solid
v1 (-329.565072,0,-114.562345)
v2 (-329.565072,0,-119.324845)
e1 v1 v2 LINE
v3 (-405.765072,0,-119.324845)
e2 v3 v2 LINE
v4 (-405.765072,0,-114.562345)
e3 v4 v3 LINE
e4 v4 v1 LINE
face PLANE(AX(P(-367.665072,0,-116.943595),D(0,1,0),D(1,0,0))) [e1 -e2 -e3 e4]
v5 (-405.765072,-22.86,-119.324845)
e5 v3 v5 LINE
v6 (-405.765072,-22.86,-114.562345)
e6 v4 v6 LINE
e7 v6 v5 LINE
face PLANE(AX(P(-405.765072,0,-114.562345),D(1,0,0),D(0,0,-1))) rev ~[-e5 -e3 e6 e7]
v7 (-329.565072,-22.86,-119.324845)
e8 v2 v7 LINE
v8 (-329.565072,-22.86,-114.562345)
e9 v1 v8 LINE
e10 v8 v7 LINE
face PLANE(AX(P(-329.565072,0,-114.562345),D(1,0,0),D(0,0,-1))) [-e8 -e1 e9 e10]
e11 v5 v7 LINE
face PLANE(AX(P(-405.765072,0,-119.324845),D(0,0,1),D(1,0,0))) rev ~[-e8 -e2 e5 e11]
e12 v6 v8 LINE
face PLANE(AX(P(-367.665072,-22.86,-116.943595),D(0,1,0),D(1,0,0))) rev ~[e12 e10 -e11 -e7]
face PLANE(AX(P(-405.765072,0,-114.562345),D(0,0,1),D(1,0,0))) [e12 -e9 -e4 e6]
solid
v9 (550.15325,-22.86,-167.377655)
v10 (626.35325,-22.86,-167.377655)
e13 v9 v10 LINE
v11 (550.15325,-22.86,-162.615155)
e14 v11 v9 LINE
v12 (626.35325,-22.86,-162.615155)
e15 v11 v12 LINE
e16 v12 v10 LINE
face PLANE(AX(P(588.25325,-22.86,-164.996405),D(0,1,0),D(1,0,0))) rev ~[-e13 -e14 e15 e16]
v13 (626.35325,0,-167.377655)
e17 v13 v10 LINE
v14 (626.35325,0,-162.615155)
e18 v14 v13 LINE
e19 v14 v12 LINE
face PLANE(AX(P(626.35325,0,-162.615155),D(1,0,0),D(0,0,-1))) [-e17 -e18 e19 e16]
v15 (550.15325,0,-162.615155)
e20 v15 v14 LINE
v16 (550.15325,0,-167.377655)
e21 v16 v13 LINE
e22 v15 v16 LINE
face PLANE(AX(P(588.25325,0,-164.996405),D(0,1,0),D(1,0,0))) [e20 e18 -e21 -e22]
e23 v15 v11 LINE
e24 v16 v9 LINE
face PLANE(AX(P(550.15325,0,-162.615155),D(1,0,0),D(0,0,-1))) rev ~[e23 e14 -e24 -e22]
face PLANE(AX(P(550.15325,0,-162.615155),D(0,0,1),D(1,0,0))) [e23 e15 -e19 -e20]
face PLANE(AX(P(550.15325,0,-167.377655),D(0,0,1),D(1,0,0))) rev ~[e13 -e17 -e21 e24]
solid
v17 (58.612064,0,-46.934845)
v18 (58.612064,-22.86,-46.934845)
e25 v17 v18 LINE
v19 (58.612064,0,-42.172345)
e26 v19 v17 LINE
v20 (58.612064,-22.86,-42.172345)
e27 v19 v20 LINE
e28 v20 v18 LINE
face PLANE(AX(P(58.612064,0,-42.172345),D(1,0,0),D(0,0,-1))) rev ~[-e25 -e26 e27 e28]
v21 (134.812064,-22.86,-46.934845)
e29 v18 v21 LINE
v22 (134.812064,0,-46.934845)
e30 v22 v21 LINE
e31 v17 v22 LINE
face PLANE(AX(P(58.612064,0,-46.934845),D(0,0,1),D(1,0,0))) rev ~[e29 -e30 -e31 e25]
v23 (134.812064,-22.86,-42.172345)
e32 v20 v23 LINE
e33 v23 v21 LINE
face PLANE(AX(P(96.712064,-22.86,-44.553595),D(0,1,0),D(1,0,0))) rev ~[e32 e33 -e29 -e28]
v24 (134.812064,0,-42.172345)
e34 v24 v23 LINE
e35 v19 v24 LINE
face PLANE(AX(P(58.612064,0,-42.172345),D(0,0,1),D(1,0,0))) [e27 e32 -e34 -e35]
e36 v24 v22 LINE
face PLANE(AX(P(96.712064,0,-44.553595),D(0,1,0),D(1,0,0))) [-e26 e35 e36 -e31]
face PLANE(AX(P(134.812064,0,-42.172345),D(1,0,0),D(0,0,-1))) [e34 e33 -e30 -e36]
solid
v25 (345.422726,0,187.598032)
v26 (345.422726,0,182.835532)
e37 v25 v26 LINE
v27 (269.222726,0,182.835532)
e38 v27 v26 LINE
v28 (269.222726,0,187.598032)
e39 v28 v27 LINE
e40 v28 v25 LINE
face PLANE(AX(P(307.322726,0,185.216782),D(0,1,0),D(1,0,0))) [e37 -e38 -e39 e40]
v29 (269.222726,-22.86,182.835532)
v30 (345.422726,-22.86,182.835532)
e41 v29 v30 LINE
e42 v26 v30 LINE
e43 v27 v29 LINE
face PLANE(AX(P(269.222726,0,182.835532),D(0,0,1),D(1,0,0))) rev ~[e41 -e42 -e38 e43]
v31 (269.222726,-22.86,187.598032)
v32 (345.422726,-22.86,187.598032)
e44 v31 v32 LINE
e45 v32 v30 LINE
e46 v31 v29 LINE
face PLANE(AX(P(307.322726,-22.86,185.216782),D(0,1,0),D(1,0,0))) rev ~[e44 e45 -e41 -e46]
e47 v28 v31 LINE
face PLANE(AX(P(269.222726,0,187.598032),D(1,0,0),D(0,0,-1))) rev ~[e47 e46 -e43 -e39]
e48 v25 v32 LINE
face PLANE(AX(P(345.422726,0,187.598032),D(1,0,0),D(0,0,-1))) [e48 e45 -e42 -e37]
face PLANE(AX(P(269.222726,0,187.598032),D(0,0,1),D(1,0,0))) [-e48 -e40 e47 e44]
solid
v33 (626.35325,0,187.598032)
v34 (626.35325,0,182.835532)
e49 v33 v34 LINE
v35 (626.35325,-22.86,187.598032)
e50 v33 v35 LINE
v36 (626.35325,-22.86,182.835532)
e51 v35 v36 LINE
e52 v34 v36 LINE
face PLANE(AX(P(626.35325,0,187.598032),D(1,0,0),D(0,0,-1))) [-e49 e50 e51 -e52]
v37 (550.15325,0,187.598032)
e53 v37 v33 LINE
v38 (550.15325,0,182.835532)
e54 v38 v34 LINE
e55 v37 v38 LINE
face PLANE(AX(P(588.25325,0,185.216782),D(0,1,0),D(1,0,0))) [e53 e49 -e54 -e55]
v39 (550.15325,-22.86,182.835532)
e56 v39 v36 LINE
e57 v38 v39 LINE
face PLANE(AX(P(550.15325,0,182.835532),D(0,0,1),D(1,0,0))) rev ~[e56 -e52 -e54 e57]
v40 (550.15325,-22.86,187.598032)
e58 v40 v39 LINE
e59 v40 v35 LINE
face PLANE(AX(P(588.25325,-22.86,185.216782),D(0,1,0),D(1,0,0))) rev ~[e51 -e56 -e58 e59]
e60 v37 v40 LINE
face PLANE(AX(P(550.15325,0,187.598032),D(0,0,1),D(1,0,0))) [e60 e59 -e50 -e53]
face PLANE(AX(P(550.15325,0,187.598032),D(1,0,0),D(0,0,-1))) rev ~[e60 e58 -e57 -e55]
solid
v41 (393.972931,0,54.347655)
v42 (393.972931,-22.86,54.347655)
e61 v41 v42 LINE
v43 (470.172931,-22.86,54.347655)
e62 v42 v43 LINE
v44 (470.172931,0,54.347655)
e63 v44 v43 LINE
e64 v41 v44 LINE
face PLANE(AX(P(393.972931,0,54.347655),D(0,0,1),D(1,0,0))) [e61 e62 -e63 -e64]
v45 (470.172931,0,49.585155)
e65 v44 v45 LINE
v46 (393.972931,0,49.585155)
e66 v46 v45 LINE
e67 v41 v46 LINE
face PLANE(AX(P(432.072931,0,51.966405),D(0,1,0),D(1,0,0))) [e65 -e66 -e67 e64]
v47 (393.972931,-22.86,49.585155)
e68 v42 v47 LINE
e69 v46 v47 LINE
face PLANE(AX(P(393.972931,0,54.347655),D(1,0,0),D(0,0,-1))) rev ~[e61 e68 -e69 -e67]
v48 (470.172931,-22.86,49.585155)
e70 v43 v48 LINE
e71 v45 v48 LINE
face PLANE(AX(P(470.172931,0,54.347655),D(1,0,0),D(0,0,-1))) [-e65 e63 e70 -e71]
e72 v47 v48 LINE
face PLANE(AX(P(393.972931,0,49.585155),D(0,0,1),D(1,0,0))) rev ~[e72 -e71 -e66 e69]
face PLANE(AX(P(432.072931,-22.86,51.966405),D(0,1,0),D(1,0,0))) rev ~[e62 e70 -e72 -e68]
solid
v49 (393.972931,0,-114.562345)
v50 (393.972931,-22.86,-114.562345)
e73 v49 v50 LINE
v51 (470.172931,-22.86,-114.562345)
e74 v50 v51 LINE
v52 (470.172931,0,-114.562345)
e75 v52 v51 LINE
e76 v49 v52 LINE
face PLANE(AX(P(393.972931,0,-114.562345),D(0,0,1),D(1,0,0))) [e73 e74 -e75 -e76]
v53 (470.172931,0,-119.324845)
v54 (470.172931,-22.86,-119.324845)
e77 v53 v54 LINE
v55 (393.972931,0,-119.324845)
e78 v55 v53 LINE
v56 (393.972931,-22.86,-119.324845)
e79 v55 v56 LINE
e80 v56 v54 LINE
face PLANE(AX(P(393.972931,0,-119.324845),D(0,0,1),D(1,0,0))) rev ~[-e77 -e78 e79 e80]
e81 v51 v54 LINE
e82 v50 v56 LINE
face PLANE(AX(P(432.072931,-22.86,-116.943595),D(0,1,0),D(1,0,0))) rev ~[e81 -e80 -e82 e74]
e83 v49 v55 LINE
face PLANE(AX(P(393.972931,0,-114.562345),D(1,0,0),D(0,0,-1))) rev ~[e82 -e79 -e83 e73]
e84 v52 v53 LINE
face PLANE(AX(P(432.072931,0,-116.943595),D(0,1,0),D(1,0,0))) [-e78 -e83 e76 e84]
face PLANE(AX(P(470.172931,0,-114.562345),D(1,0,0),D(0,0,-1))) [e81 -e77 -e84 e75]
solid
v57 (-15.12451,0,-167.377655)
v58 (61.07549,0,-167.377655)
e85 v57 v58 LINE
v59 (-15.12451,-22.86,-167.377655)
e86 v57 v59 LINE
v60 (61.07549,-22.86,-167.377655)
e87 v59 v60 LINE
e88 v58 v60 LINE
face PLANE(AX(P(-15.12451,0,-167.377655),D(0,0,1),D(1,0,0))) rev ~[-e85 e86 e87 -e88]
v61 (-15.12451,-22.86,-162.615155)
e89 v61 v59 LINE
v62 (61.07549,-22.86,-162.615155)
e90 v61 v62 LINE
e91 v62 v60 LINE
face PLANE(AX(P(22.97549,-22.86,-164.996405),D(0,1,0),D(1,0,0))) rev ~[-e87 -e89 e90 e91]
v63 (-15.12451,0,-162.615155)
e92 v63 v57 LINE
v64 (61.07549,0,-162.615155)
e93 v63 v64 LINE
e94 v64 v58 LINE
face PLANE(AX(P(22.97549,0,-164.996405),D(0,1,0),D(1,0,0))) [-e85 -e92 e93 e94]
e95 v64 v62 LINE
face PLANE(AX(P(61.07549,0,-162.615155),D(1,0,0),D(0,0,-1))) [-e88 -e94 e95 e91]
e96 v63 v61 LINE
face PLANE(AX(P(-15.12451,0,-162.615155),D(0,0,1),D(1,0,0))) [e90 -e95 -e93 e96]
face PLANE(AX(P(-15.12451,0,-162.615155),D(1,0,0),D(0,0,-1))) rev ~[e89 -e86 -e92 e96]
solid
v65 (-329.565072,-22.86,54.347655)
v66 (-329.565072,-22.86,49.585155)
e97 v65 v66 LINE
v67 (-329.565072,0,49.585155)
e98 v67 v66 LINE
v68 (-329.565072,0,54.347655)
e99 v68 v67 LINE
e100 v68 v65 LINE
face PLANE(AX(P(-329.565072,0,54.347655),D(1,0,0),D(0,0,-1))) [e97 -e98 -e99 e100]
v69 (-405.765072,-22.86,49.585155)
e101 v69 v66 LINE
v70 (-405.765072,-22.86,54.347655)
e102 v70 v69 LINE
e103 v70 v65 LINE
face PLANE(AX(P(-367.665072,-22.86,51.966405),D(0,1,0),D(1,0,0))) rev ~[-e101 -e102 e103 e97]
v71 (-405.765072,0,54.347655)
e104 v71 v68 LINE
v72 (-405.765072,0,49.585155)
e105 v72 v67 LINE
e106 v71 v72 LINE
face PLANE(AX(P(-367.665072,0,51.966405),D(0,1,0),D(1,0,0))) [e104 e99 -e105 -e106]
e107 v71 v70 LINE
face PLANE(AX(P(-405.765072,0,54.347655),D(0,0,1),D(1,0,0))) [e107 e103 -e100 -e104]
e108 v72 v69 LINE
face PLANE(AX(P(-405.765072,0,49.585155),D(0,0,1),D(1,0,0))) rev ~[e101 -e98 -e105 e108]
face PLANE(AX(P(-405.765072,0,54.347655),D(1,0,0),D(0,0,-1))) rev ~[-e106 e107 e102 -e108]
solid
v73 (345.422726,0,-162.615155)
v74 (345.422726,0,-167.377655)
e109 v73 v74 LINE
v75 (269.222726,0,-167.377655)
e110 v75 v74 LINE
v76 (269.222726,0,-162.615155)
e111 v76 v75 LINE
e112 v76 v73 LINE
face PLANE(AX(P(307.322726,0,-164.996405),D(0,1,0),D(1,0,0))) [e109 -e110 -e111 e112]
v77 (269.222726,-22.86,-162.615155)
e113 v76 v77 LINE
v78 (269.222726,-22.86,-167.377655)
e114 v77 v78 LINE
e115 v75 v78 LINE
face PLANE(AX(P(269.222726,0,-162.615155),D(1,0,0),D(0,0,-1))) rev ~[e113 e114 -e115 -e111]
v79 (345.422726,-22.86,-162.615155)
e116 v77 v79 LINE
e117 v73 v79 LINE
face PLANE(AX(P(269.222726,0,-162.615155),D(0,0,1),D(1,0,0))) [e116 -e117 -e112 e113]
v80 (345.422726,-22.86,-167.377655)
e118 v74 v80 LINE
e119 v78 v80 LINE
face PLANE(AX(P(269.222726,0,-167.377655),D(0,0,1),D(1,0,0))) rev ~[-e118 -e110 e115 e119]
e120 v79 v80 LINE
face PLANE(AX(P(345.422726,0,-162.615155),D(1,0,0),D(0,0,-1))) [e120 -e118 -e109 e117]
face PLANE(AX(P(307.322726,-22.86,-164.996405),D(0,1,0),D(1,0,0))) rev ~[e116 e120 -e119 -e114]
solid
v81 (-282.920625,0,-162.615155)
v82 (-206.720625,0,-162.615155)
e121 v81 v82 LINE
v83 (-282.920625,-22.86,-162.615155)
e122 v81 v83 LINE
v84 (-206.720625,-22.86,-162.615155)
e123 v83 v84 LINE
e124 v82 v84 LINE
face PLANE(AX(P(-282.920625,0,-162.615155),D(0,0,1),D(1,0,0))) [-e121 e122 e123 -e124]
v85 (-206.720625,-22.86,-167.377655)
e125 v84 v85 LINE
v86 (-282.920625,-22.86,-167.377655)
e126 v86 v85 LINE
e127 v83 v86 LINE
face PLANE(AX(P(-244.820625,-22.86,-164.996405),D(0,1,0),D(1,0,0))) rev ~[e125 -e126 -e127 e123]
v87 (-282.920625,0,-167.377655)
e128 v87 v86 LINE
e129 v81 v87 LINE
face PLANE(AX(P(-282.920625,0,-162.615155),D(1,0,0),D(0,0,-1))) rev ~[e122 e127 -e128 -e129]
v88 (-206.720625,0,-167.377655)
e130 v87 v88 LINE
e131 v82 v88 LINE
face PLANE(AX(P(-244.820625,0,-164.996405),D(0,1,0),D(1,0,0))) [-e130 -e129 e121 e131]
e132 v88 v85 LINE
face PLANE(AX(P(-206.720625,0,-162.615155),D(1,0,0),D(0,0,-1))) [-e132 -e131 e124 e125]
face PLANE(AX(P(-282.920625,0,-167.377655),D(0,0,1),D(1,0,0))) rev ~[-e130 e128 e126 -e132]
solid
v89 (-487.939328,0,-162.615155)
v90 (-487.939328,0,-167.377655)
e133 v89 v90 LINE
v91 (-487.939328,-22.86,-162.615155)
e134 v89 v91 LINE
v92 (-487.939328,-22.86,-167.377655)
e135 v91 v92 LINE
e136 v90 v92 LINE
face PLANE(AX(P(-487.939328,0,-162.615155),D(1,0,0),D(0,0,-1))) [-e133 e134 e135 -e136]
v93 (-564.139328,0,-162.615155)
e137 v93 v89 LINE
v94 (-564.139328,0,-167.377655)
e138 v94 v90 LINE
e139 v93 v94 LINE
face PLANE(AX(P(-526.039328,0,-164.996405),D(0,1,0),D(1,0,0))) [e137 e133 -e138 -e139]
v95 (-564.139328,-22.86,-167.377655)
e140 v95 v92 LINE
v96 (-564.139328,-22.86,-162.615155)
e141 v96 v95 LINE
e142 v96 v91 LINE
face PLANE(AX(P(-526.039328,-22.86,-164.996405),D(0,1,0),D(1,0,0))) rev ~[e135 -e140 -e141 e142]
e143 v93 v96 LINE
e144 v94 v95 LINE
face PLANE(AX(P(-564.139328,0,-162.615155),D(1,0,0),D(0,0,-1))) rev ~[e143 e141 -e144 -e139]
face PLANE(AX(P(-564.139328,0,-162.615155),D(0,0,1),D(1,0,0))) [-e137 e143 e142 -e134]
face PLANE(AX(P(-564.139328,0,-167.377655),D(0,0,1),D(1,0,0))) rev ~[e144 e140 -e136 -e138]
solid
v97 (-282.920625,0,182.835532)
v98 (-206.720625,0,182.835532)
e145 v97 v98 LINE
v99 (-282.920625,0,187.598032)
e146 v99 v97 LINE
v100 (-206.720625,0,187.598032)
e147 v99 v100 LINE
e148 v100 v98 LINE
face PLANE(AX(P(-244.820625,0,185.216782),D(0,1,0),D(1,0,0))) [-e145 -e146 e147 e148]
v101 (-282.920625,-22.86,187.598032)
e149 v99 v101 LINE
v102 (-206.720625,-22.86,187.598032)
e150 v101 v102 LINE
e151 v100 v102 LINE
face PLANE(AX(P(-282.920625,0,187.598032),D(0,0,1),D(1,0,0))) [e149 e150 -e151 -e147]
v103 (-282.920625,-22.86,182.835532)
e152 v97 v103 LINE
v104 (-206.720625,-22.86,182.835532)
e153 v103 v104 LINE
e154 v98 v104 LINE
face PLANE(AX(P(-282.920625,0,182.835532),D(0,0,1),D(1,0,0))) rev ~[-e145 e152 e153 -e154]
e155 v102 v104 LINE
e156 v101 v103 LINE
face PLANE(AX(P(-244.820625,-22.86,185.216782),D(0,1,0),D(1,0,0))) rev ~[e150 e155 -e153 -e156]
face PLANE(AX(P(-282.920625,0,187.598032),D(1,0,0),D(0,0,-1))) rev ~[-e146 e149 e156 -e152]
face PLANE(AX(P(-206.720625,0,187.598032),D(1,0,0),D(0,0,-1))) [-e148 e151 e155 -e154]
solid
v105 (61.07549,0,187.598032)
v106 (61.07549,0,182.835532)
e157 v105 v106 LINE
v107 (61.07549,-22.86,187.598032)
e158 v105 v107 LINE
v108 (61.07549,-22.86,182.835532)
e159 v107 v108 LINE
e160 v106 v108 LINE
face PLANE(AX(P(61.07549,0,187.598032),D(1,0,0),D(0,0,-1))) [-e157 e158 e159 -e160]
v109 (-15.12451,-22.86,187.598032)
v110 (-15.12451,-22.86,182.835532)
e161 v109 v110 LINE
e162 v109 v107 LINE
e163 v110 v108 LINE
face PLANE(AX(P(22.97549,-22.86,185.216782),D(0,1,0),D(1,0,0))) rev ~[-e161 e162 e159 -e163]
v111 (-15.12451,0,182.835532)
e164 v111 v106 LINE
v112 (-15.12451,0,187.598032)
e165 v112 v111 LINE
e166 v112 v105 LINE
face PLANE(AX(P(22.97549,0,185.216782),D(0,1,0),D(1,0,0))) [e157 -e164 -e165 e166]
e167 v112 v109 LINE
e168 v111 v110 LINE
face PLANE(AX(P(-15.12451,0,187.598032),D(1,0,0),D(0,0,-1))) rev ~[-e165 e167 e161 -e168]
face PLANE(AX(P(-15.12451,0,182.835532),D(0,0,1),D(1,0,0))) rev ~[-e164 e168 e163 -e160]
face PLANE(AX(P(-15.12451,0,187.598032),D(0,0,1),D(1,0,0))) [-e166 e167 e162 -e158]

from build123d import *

# Parameters (mm, degrees)
SKETCH1_W              = 76.2
SKETCH1_H              = 4.7625
BOSS_EXTRUDE1_DEPTH    = 22.86
BOSS_EXTRUDE1_2_DEPTH  = 22.86
BOSS_EXTRUDE1_3_DEPTH  = 22.86
BOSS_EXTRUDE1_4_DEPTH  = 22.86
BOSS_EXTRUDE1_5_DEPTH  = 22.86
BOSS_EXTRUDE1_6_DEPTH  = 22.86
BOSS_EXTRUDE1_7_DEPTH  = 22.86
BOSS_EXTRUDE1_8_DEPTH  = 22.86
BOSS_EXTRUDE1_9_DEPTH  = 22.86
BOSS_EXTRUDE1_10_DEPTH = 22.86
BOSS_EXTRUDE1_11_DEPTH = 22.86
BOSS_EXTRUDE1_12_DEPTH = 22.86
BOSS_EXTRUDE1_13_DEPTH = 22.86
BOSS_EXTRUDE1_14_DEPTH = 22.86


with BuildPart() as part:
    # Sketch1 → Boss-Extrude1 (new body)
    with BuildSketch(Plane(origin=(0, 0, 0), x_dir=(1, 0, 0), z_dir=(0, 1, 0))):
        with Locations((22.975489918, -185.216782031)):
            Rectangle(SKETCH1_W, SKETCH1_H)
    extrude(amount=-BOSS_EXTRUDE1_DEPTH)


with BuildPart() as body_2:
    # Sketch1 → Boss-Extrude1 2 (new body)
    with BuildSketch(Plane(origin=(0, 0, 0), x_dir=(1, 0, 0), z_dir=(0, 1, 0))):
        with Locations((-244.820624844, -185.216782031)):
            Rectangle(SKETCH1_W, SKETCH1_H)
    extrude(amount=-BOSS_EXTRUDE1_2_DEPTH)


with BuildPart() as body_3:
    # Sketch1 → Boss-Extrude1 3 (new body)
    with BuildSketch(Plane(origin=(0, 0, 0), x_dir=(1, 0, 0), z_dir=(0, 1, 0))):
        with Locations((-244.820624844, 164.99640518)):
            Rectangle(SKETCH1_W, SKETCH1_H)
    extrude(amount=-BOSS_EXTRUDE1_3_DEPTH)


with BuildPart() as body_4:
    # Sketch1 → Boss-Extrude1 4 (new body)
    with BuildSketch(Plane(origin=(0, 0, 0), x_dir=(1, 0, 0), z_dir=(0, 1, 0))):
        with Locations((-526.03932766, 164.99640518)):
            Rectangle(SKETCH1_W, SKETCH1_H)
    extrude(amount=-BOSS_EXTRUDE1_4_DEPTH)


with BuildPart() as body_5:
    # Sketch1 → Boss-Extrude1 5 (new body)
    with BuildSketch(Plane(origin=(0, 0, 0), x_dir=(1, 0, 0), z_dir=(0, 1, 0))):
        with Locations((307.322725536, 164.99640518)):
            Rectangle(SKETCH1_W, SKETCH1_H)
    extrude(amount=-BOSS_EXTRUDE1_5_DEPTH)


with BuildPart() as body_6:
    # Sketch1 → Boss-Extrude1 6 (new body)
    with BuildSketch(Plane(origin=(0, 0, 0), x_dir=(1, 0, 0), z_dir=(0, 1, 0))):
        with Locations((22.975489918, 164.99640518)):
            Rectangle(SKETCH1_W, SKETCH1_H)
    extrude(amount=-BOSS_EXTRUDE1_6_DEPTH)


with BuildPart() as body_7:
    # Sketch1 → Boss-Extrude1 7 (new body)
    with BuildSketch(Plane(origin=(0, 0, 0), x_dir=(1, 0, 0), z_dir=(0, 1, 0))):
        with Locations((588.253249623, 164.99640518)):
            Rectangle(SKETCH1_W, SKETCH1_H)
    extrude(amount=-BOSS_EXTRUDE1_7_DEPTH)


with BuildPart() as body_8:
    # Sketch1 → Boss-Extrude1 8 (new body)
    with BuildSketch(Plane(origin=(0, 0, 0), x_dir=(1, 0, 0), z_dir=(0, 1, 0))):
        with Locations((307.322725536, -185.216782031)):
            Rectangle(SKETCH1_W, SKETCH1_H)
    extrude(amount=-BOSS_EXTRUDE1_8_DEPTH)


with BuildPart() as body_9:
    # Sketch1 → Boss-Extrude1 9 (new body)
    with BuildSketch(Plane(origin=(0, 0, 0), x_dir=(1, 0, 0), z_dir=(0, 1, 0))):
        with Locations((588.253249623, -185.216782031)):
            Rectangle(SKETCH1_W, SKETCH1_H)
    extrude(amount=-BOSS_EXTRUDE1_9_DEPTH)


with BuildPart() as body_10:
    # Sketch1 → Boss-Extrude1 10 (new body)
    with BuildSketch(Plane(origin=(0, 0, 0), x_dir=(1, 0, 0), z_dir=(0, 1, 0))):
        with Locations((432.072930827, 116.94359482)):
            Rectangle(SKETCH1_W, SKETCH1_H)
    extrude(amount=-BOSS_EXTRUDE1_10_DEPTH)


with BuildPart() as body_11:
    # Sketch1 → Boss-Extrude1 11 (new body)
    with BuildSketch(Plane(origin=(0, 0, 0), x_dir=(1, 0, 0), z_dir=(0, 1, 0))):
        with Locations((432.072930827, -51.96640518)):
            Rectangle(SKETCH1_W, SKETCH1_H)
    extrude(amount=-BOSS_EXTRUDE1_11_DEPTH)


with BuildPart() as body_12:
    # Sketch1 → Boss-Extrude1 12 (new body)
    with BuildSketch(Plane(origin=(0, 0, 0), x_dir=(1, 0, 0), z_dir=(0, 1, 0))):
        with Locations((96.712063652, 44.55359482)):
            Rectangle(SKETCH1_W, SKETCH1_H)
    extrude(amount=-BOSS_EXTRUDE1_12_DEPTH)


with BuildPart() as body_13:
    # Sketch1 → Boss-Extrude1 13 (new body)
    with BuildSketch(Plane(origin=(0, 0, 0), x_dir=(1, 0, 0), z_dir=(0, 1, 0))):
        with Locations((-367.665071888, 116.94359482)):
            Rectangle(SKETCH1_W, SKETCH1_H)
    extrude(amount=-BOSS_EXTRUDE1_13_DEPTH)


with BuildPart() as body_14:
    # Sketch1 → Boss-Extrude1 14 (new body)
    with BuildSketch(Plane(origin=(0, 0, 0), x_dir=(1, 0, 0), z_dir=(0, 1, 0))):
        with Locations((-367.665071888, -51.96640518)):
            Rectangle(SKETCH1_W, SKETCH1_H)
    extrude(amount=-BOSS_EXTRUDE1_14_DEPTH)


solid = Compound([part.part, body_2.part, body_3.part, body_4.part, body_5.part, body_6.part, body_7.part, body_8.part, body_9.part, body_10.part, body_11.part, body_12.part, body_13.part, body_14.part])
